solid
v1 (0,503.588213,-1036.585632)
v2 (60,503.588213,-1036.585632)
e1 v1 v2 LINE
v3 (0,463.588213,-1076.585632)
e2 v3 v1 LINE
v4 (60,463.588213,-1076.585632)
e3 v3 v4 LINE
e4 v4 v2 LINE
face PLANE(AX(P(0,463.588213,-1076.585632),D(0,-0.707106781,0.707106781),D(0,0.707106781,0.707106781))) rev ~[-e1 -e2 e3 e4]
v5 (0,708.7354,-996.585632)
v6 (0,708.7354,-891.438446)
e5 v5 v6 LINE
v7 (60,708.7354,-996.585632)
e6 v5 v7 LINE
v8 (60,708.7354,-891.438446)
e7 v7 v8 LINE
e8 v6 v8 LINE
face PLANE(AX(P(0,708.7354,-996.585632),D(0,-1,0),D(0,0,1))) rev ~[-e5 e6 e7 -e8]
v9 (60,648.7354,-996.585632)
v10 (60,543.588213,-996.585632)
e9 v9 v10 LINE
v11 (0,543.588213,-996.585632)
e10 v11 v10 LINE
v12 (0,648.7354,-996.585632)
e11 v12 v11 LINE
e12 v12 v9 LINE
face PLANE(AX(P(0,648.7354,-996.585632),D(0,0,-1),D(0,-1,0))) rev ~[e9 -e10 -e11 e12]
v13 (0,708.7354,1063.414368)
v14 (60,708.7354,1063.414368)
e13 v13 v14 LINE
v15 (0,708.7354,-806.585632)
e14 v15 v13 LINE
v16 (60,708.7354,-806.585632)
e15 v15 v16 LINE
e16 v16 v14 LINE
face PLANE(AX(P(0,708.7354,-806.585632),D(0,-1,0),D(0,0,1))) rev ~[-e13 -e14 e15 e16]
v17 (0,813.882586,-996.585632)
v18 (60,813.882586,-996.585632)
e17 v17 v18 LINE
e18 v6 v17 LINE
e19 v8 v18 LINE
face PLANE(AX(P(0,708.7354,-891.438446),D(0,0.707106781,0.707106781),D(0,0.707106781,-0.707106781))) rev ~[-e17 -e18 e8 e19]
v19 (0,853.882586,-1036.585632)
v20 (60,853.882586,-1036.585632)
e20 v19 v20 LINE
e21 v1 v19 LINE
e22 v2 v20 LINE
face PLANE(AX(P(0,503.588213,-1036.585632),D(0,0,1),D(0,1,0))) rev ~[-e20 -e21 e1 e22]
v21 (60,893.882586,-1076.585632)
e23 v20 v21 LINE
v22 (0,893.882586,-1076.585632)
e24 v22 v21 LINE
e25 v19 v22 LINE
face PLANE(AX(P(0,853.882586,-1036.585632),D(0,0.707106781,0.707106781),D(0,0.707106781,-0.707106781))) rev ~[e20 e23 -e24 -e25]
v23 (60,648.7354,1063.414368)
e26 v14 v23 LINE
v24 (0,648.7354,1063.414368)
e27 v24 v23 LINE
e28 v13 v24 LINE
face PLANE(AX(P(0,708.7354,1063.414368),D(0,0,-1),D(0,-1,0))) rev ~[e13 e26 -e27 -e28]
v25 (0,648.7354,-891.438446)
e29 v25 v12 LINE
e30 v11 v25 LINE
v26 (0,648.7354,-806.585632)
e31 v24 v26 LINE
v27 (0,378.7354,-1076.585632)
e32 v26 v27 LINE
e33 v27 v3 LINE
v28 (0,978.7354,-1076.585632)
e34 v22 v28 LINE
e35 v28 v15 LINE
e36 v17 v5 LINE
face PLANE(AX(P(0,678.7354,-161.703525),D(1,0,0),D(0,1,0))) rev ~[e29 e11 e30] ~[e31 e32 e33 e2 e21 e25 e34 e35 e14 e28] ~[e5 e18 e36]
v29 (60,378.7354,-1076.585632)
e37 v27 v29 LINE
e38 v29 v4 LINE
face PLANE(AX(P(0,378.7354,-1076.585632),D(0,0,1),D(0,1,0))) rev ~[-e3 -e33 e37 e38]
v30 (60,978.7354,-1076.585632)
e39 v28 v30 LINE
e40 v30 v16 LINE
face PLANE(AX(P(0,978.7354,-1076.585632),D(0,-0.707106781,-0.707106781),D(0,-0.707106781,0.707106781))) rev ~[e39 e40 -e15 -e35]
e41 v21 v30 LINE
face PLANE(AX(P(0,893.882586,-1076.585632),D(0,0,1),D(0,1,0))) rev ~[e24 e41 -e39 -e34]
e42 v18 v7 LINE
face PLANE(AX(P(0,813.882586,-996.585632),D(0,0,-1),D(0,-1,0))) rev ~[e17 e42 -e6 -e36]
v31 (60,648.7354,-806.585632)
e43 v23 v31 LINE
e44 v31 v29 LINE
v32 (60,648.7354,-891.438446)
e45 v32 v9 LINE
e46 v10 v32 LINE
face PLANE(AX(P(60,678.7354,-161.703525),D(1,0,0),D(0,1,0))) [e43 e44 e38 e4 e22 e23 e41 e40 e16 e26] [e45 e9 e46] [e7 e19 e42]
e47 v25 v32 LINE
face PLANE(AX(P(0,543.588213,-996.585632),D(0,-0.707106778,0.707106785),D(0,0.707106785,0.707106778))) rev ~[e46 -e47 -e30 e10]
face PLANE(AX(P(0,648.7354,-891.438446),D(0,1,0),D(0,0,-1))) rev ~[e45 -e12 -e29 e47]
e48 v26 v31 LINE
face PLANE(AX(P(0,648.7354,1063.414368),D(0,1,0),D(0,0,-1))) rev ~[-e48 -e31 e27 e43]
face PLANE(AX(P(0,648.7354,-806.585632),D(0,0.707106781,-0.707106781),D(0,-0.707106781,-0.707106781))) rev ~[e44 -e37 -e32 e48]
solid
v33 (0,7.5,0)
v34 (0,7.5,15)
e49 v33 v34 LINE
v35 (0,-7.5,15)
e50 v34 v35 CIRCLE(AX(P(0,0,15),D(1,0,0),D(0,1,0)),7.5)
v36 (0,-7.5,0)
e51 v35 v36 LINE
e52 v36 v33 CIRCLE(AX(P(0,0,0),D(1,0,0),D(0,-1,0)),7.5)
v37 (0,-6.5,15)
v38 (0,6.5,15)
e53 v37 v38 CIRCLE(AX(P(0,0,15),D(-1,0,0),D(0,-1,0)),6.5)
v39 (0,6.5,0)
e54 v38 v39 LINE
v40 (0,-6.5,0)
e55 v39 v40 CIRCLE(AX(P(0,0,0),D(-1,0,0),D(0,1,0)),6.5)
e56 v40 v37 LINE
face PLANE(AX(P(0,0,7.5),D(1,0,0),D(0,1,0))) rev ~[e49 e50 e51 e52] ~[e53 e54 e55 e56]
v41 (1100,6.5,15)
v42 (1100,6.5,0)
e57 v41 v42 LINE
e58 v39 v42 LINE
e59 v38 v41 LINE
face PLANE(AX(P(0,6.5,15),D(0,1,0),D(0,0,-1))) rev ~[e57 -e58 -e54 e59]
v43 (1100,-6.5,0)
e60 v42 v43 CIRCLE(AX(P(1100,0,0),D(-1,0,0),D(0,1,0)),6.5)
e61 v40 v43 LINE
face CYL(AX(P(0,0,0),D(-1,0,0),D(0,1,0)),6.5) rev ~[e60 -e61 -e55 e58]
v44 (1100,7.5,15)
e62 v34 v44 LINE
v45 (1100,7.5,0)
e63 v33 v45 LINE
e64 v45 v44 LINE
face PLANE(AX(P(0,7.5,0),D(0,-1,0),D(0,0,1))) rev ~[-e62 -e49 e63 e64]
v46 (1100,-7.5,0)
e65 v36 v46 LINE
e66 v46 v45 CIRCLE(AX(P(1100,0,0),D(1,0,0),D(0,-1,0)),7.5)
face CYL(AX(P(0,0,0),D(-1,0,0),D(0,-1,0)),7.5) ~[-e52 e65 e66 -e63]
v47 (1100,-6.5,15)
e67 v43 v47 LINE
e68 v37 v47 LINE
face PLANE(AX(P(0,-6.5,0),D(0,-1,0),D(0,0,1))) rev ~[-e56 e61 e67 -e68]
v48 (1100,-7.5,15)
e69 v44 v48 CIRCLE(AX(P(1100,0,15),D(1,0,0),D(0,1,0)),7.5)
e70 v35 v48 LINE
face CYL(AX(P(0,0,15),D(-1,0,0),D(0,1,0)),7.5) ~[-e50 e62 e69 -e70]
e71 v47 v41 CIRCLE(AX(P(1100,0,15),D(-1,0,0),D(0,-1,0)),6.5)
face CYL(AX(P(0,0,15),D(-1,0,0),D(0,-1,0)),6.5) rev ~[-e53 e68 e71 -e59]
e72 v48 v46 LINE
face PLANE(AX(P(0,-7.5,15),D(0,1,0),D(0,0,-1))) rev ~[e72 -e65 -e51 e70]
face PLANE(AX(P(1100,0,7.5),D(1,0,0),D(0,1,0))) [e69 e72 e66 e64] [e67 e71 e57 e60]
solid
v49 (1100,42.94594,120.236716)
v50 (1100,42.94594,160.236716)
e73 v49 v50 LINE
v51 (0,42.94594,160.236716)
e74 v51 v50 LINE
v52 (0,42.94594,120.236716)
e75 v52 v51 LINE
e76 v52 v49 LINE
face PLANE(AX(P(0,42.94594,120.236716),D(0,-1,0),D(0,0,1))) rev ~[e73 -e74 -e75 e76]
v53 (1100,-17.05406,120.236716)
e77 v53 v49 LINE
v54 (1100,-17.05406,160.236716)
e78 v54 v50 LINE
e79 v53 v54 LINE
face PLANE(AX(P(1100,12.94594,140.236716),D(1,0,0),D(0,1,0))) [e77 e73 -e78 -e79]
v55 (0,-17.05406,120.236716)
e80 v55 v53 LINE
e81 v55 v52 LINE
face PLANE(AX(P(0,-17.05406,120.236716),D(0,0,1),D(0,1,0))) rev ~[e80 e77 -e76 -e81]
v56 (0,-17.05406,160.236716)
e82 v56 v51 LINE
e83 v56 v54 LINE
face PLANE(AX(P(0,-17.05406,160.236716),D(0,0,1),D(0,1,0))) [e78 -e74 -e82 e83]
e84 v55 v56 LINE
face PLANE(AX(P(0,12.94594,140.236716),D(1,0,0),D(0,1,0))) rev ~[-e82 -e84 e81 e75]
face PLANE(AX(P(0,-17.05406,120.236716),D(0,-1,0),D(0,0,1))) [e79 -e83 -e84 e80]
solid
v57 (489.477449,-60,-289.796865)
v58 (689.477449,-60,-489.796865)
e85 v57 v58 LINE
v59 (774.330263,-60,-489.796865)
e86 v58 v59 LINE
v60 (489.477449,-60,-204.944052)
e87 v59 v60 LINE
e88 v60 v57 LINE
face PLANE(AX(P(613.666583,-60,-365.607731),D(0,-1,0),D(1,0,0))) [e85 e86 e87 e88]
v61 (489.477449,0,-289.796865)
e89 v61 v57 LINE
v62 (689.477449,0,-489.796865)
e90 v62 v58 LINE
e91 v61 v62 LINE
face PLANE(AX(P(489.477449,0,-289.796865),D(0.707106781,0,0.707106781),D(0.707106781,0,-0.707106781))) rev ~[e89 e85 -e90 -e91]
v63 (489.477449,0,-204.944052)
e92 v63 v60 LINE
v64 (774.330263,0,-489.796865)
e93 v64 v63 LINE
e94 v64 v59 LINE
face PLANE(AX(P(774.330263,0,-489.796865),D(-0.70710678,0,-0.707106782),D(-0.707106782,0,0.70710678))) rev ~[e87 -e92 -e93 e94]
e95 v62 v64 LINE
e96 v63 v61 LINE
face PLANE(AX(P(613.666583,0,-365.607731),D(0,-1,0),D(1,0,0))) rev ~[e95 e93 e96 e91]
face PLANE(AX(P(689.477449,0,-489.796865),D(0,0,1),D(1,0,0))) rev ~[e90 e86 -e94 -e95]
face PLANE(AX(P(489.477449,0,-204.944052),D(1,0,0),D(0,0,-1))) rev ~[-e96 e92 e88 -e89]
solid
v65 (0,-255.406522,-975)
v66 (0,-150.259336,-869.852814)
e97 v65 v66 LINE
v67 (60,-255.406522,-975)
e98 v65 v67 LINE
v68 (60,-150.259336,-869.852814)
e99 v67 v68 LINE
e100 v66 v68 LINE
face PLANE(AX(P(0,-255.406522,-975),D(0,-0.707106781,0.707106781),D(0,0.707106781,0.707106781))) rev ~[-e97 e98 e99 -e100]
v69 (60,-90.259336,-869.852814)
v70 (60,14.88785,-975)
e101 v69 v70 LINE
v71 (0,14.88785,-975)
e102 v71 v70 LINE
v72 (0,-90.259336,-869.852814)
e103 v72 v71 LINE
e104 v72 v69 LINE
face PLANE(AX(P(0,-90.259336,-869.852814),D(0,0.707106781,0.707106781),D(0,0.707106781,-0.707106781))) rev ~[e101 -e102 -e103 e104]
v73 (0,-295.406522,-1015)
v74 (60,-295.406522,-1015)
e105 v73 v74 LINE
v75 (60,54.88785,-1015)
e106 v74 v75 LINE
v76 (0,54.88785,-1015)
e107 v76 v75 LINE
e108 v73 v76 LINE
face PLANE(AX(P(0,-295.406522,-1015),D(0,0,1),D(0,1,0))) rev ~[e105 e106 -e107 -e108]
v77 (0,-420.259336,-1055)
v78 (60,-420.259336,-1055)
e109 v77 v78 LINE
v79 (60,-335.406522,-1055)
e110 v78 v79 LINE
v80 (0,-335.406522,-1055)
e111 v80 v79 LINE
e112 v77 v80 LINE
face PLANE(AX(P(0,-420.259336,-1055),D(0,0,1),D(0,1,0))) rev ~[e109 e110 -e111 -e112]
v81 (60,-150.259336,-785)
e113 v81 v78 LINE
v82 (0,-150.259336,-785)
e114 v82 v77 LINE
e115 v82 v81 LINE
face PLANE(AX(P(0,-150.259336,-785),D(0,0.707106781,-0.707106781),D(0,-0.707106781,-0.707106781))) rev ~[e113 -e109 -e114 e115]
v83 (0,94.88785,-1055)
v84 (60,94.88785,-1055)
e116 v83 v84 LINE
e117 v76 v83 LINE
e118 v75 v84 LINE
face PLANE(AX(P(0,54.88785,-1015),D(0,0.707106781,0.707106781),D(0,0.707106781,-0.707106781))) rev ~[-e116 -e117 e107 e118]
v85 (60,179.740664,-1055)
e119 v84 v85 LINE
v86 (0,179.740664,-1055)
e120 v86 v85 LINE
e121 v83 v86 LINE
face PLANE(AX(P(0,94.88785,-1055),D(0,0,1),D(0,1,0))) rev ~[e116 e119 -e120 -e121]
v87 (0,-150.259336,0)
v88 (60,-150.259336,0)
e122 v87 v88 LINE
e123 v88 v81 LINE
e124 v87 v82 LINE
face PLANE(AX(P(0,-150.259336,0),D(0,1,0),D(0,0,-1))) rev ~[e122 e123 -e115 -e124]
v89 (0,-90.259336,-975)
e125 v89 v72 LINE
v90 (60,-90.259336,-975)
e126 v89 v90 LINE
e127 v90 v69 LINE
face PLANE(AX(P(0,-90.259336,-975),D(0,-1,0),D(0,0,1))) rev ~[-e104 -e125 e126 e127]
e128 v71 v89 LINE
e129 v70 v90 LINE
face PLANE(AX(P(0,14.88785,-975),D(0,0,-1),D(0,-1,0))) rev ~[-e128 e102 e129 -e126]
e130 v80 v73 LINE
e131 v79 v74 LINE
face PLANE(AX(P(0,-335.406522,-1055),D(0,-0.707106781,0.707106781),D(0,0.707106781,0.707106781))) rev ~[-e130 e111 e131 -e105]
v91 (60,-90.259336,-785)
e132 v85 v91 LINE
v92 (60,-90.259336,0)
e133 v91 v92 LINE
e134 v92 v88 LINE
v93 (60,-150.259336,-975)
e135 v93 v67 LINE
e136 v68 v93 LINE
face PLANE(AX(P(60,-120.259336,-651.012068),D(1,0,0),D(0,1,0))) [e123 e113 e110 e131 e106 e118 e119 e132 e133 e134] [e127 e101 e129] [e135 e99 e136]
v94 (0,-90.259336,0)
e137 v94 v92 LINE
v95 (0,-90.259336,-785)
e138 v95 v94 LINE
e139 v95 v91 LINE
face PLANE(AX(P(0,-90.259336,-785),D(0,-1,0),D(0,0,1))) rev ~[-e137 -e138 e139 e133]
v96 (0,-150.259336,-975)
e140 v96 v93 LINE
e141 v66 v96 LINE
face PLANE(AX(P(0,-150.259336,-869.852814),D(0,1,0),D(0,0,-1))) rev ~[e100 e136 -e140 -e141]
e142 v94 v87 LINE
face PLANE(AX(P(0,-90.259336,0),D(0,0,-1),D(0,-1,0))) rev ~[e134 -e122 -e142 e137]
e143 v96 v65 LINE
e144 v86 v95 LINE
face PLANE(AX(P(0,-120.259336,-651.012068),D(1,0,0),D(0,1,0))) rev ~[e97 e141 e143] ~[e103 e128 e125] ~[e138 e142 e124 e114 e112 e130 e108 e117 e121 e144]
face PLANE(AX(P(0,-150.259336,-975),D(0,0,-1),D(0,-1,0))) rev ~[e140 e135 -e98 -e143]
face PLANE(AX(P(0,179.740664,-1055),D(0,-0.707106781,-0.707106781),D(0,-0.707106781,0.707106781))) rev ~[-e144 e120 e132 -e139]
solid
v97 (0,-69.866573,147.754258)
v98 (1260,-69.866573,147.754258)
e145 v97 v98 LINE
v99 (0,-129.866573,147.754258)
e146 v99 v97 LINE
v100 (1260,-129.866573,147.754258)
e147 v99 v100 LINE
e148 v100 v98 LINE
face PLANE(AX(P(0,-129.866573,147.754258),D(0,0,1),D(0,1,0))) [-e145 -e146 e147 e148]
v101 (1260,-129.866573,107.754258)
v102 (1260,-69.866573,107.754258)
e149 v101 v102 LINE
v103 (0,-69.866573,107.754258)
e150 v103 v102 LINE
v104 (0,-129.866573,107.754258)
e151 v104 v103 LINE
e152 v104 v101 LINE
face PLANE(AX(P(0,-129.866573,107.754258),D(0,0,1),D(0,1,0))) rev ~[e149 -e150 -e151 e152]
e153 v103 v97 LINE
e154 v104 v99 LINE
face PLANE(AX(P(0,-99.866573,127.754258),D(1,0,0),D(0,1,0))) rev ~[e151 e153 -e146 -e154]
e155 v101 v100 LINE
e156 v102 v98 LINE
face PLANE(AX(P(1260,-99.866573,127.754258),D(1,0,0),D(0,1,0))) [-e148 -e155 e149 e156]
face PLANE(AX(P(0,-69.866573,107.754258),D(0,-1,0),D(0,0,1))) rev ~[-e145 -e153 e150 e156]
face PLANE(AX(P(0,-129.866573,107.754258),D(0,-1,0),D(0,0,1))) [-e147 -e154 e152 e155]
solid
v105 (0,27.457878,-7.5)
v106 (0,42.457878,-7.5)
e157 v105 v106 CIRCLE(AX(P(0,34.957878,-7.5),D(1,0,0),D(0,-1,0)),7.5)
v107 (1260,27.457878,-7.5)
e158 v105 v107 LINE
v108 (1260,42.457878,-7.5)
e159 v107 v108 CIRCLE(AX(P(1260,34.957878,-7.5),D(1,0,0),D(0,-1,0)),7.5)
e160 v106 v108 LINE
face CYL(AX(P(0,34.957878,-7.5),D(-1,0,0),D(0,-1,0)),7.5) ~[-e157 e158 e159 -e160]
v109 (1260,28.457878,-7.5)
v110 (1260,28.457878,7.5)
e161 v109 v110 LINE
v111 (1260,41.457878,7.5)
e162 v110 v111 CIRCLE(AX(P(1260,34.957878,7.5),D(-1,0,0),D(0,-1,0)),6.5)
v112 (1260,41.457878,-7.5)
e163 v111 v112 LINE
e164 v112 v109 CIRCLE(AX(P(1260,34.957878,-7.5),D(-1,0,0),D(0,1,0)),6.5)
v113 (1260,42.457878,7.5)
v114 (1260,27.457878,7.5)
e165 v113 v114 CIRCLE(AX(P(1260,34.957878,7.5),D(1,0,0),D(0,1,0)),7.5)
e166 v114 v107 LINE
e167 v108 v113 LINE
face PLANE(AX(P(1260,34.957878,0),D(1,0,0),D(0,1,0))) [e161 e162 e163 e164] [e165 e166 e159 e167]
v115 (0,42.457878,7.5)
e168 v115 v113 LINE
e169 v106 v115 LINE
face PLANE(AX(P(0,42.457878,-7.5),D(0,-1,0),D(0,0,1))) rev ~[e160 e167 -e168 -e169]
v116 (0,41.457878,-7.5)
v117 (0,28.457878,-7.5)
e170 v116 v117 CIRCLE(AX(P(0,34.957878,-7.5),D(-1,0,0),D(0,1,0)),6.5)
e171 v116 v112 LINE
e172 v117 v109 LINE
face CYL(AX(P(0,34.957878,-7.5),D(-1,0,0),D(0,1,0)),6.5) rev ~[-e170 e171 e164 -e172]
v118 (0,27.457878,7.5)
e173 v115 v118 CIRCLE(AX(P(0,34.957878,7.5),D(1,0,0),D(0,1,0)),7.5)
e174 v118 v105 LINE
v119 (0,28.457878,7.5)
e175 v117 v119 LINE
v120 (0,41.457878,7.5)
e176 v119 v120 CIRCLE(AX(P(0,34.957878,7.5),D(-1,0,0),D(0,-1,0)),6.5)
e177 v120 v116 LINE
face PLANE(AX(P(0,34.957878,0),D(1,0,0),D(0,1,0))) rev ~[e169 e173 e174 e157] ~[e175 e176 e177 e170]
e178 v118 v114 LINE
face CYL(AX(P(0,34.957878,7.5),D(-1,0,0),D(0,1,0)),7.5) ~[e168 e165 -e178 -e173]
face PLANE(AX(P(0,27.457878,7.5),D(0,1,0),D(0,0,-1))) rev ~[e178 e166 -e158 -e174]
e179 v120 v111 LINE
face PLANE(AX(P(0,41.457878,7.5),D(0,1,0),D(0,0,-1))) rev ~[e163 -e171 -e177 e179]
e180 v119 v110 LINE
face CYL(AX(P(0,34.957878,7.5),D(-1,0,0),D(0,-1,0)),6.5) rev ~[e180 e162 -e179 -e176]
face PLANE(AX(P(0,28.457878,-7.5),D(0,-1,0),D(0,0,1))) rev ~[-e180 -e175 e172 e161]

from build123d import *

# Parameters (mm, degrees)
F1_DEPTH  = 1100
F4_DEPTH  = 60
F6_DEPTH  = 1260
F7_W      = 60
F7_H      = 40
F9_DEPTH  = 1100
F8_W      = 60
F8_H      = 40
F10_DEPTH = 1260
F12_DEPTH = 60


with BuildPart() as f1:
    # F0 (on Right) → F1 (new body)
    with BuildSketch(Plane.YZ):
        with BuildLine():
            Line((-7.5, 15), (-7.5, 0))
            ThreePointArc((-7.5, 0), (0, -7.5), (7.5, 0))
            Line((7.5, 0), (7.5, 15))
            ThreePointArc((7.5, 15), (0, 22.5), (-7.5, 15))
        make_face()
        with BuildLine():
            ThreePointArc((6.5, 0), (0, -6.5), (-6.5, 0))
            Line((-6.5, 0), (-6.5, 15))
            ThreePointArc((-6.5, 15), (0, 21.5), (6.5, 15))
            Line((6.5, 15), (6.5, 0))
        make_face(mode=Mode.SUBTRACT)
    extrude(amount=F1_DEPTH)


with BuildPart() as f4:
    # F2 (on Right) + F3 (on Right) → F4 (new body)
    with BuildSketch(Plane.YZ):
        Polygon((-90.259336, -785), (-90.259336, 0), (-150.259336, 0), (-150.259336, -785), (-420.259336, -1055), (-335.406522, -1055), (-295.406522, -1015), (54.88785, -1015), (94.88785, -1055), (179.740664, -1055), align=None)
        Polygon((-255.406522, -975), (-150.259336, -869.852814), (-150.259336, -975), align=None, mode=Mode.SUBTRACT)
        Polygon((-90.259336, -975), (-90.259336, -869.852814), (14.88785, -975), align=None, mode=Mode.SUBTRACT)
    with BuildSketch(Plane.YZ):
        Polygon((708.7354, -806.585632), (708.7354, -21.585632), (708.7354, 1063.414368), (648.7354, 1063.414368), (648.7354, -21.585632), (648.7354, -806.585632), (378.7354, -1076.585632), (463.588213, -1076.585632), (503.588213, -1036.585632), (853.882586, -1036.585632), (893.882586, -1076.585632), (978.7354, -1076.585632), align=None)
        Polygon((543.588213, -996.585632), (648.7354, -891.438446), (648.7354, -996.585632), align=None, mode=Mode.SUBTRACT)
        Polygon((708.7354, -996.585632), (708.7354, -891.438446), (813.882586, -996.585632), align=None, mode=Mode.SUBTRACT)
    extrude(amount=F4_DEPTH)


with BuildPart() as f6:
    # F5 (on Right) → F6 (new body)
    with BuildSketch(Plane.YZ):
        with BuildLine():
            Line((27.457878, 7.5), (27.457878, -7.5))
            ThreePointArc((27.457878, -7.5), (34.957878, -15), (42.457878, -7.5))
            Line((42.457878, -7.5), (42.457878, 7.5))
            ThreePointArc((42.457878, 7.5), (34.957878, 15), (27.457878, 7.5))
        make_face()
        with BuildLine():
            ThreePointArc((41.457878, -7.5), (34.957878, -14), (28.457878, -7.5))
            Line((28.457878, -7.5), (28.457878, 7.5))
            ThreePointArc((28.457878, 7.5), (34.957878, 14), (41.457878, 7.5))
            Line((41.457878, 7.5), (41.457878, -7.5))
        make_face(mode=Mode.SUBTRACT)
    extrude(amount=F6_DEPTH)


with BuildPart() as f9:
    # F7 (on Right) → F9 (new body)
    with BuildSketch(Plane.YZ):
        with Locations((12.94594, 140.236716)):
            Rectangle(F7_W, F7_H)
    extrude(amount=F9_DEPTH)


with BuildPart() as f10:
    # F8 (on Right) → F10 (new body)
    with BuildSketch(Plane.YZ):
        with Locations((-99.866573, 127.754258)):
            Rectangle(F8_W, F8_H)
    extrude(amount=F10_DEPTH)


with BuildPart() as f12:
    # F11 (on Front) → F12 (new body)
    with BuildSketch(Plane.XZ):
        Polygon((774.330263, -489.796865), (489.477449, -204.944052), (489.477449, -289.796865), (689.477449, -489.796865), align=None)
    extrude(amount=F12_DEPTH)


solid = Compound([f1.part, f4.part, f6.part, f9.part, f10.part, f12.part])
